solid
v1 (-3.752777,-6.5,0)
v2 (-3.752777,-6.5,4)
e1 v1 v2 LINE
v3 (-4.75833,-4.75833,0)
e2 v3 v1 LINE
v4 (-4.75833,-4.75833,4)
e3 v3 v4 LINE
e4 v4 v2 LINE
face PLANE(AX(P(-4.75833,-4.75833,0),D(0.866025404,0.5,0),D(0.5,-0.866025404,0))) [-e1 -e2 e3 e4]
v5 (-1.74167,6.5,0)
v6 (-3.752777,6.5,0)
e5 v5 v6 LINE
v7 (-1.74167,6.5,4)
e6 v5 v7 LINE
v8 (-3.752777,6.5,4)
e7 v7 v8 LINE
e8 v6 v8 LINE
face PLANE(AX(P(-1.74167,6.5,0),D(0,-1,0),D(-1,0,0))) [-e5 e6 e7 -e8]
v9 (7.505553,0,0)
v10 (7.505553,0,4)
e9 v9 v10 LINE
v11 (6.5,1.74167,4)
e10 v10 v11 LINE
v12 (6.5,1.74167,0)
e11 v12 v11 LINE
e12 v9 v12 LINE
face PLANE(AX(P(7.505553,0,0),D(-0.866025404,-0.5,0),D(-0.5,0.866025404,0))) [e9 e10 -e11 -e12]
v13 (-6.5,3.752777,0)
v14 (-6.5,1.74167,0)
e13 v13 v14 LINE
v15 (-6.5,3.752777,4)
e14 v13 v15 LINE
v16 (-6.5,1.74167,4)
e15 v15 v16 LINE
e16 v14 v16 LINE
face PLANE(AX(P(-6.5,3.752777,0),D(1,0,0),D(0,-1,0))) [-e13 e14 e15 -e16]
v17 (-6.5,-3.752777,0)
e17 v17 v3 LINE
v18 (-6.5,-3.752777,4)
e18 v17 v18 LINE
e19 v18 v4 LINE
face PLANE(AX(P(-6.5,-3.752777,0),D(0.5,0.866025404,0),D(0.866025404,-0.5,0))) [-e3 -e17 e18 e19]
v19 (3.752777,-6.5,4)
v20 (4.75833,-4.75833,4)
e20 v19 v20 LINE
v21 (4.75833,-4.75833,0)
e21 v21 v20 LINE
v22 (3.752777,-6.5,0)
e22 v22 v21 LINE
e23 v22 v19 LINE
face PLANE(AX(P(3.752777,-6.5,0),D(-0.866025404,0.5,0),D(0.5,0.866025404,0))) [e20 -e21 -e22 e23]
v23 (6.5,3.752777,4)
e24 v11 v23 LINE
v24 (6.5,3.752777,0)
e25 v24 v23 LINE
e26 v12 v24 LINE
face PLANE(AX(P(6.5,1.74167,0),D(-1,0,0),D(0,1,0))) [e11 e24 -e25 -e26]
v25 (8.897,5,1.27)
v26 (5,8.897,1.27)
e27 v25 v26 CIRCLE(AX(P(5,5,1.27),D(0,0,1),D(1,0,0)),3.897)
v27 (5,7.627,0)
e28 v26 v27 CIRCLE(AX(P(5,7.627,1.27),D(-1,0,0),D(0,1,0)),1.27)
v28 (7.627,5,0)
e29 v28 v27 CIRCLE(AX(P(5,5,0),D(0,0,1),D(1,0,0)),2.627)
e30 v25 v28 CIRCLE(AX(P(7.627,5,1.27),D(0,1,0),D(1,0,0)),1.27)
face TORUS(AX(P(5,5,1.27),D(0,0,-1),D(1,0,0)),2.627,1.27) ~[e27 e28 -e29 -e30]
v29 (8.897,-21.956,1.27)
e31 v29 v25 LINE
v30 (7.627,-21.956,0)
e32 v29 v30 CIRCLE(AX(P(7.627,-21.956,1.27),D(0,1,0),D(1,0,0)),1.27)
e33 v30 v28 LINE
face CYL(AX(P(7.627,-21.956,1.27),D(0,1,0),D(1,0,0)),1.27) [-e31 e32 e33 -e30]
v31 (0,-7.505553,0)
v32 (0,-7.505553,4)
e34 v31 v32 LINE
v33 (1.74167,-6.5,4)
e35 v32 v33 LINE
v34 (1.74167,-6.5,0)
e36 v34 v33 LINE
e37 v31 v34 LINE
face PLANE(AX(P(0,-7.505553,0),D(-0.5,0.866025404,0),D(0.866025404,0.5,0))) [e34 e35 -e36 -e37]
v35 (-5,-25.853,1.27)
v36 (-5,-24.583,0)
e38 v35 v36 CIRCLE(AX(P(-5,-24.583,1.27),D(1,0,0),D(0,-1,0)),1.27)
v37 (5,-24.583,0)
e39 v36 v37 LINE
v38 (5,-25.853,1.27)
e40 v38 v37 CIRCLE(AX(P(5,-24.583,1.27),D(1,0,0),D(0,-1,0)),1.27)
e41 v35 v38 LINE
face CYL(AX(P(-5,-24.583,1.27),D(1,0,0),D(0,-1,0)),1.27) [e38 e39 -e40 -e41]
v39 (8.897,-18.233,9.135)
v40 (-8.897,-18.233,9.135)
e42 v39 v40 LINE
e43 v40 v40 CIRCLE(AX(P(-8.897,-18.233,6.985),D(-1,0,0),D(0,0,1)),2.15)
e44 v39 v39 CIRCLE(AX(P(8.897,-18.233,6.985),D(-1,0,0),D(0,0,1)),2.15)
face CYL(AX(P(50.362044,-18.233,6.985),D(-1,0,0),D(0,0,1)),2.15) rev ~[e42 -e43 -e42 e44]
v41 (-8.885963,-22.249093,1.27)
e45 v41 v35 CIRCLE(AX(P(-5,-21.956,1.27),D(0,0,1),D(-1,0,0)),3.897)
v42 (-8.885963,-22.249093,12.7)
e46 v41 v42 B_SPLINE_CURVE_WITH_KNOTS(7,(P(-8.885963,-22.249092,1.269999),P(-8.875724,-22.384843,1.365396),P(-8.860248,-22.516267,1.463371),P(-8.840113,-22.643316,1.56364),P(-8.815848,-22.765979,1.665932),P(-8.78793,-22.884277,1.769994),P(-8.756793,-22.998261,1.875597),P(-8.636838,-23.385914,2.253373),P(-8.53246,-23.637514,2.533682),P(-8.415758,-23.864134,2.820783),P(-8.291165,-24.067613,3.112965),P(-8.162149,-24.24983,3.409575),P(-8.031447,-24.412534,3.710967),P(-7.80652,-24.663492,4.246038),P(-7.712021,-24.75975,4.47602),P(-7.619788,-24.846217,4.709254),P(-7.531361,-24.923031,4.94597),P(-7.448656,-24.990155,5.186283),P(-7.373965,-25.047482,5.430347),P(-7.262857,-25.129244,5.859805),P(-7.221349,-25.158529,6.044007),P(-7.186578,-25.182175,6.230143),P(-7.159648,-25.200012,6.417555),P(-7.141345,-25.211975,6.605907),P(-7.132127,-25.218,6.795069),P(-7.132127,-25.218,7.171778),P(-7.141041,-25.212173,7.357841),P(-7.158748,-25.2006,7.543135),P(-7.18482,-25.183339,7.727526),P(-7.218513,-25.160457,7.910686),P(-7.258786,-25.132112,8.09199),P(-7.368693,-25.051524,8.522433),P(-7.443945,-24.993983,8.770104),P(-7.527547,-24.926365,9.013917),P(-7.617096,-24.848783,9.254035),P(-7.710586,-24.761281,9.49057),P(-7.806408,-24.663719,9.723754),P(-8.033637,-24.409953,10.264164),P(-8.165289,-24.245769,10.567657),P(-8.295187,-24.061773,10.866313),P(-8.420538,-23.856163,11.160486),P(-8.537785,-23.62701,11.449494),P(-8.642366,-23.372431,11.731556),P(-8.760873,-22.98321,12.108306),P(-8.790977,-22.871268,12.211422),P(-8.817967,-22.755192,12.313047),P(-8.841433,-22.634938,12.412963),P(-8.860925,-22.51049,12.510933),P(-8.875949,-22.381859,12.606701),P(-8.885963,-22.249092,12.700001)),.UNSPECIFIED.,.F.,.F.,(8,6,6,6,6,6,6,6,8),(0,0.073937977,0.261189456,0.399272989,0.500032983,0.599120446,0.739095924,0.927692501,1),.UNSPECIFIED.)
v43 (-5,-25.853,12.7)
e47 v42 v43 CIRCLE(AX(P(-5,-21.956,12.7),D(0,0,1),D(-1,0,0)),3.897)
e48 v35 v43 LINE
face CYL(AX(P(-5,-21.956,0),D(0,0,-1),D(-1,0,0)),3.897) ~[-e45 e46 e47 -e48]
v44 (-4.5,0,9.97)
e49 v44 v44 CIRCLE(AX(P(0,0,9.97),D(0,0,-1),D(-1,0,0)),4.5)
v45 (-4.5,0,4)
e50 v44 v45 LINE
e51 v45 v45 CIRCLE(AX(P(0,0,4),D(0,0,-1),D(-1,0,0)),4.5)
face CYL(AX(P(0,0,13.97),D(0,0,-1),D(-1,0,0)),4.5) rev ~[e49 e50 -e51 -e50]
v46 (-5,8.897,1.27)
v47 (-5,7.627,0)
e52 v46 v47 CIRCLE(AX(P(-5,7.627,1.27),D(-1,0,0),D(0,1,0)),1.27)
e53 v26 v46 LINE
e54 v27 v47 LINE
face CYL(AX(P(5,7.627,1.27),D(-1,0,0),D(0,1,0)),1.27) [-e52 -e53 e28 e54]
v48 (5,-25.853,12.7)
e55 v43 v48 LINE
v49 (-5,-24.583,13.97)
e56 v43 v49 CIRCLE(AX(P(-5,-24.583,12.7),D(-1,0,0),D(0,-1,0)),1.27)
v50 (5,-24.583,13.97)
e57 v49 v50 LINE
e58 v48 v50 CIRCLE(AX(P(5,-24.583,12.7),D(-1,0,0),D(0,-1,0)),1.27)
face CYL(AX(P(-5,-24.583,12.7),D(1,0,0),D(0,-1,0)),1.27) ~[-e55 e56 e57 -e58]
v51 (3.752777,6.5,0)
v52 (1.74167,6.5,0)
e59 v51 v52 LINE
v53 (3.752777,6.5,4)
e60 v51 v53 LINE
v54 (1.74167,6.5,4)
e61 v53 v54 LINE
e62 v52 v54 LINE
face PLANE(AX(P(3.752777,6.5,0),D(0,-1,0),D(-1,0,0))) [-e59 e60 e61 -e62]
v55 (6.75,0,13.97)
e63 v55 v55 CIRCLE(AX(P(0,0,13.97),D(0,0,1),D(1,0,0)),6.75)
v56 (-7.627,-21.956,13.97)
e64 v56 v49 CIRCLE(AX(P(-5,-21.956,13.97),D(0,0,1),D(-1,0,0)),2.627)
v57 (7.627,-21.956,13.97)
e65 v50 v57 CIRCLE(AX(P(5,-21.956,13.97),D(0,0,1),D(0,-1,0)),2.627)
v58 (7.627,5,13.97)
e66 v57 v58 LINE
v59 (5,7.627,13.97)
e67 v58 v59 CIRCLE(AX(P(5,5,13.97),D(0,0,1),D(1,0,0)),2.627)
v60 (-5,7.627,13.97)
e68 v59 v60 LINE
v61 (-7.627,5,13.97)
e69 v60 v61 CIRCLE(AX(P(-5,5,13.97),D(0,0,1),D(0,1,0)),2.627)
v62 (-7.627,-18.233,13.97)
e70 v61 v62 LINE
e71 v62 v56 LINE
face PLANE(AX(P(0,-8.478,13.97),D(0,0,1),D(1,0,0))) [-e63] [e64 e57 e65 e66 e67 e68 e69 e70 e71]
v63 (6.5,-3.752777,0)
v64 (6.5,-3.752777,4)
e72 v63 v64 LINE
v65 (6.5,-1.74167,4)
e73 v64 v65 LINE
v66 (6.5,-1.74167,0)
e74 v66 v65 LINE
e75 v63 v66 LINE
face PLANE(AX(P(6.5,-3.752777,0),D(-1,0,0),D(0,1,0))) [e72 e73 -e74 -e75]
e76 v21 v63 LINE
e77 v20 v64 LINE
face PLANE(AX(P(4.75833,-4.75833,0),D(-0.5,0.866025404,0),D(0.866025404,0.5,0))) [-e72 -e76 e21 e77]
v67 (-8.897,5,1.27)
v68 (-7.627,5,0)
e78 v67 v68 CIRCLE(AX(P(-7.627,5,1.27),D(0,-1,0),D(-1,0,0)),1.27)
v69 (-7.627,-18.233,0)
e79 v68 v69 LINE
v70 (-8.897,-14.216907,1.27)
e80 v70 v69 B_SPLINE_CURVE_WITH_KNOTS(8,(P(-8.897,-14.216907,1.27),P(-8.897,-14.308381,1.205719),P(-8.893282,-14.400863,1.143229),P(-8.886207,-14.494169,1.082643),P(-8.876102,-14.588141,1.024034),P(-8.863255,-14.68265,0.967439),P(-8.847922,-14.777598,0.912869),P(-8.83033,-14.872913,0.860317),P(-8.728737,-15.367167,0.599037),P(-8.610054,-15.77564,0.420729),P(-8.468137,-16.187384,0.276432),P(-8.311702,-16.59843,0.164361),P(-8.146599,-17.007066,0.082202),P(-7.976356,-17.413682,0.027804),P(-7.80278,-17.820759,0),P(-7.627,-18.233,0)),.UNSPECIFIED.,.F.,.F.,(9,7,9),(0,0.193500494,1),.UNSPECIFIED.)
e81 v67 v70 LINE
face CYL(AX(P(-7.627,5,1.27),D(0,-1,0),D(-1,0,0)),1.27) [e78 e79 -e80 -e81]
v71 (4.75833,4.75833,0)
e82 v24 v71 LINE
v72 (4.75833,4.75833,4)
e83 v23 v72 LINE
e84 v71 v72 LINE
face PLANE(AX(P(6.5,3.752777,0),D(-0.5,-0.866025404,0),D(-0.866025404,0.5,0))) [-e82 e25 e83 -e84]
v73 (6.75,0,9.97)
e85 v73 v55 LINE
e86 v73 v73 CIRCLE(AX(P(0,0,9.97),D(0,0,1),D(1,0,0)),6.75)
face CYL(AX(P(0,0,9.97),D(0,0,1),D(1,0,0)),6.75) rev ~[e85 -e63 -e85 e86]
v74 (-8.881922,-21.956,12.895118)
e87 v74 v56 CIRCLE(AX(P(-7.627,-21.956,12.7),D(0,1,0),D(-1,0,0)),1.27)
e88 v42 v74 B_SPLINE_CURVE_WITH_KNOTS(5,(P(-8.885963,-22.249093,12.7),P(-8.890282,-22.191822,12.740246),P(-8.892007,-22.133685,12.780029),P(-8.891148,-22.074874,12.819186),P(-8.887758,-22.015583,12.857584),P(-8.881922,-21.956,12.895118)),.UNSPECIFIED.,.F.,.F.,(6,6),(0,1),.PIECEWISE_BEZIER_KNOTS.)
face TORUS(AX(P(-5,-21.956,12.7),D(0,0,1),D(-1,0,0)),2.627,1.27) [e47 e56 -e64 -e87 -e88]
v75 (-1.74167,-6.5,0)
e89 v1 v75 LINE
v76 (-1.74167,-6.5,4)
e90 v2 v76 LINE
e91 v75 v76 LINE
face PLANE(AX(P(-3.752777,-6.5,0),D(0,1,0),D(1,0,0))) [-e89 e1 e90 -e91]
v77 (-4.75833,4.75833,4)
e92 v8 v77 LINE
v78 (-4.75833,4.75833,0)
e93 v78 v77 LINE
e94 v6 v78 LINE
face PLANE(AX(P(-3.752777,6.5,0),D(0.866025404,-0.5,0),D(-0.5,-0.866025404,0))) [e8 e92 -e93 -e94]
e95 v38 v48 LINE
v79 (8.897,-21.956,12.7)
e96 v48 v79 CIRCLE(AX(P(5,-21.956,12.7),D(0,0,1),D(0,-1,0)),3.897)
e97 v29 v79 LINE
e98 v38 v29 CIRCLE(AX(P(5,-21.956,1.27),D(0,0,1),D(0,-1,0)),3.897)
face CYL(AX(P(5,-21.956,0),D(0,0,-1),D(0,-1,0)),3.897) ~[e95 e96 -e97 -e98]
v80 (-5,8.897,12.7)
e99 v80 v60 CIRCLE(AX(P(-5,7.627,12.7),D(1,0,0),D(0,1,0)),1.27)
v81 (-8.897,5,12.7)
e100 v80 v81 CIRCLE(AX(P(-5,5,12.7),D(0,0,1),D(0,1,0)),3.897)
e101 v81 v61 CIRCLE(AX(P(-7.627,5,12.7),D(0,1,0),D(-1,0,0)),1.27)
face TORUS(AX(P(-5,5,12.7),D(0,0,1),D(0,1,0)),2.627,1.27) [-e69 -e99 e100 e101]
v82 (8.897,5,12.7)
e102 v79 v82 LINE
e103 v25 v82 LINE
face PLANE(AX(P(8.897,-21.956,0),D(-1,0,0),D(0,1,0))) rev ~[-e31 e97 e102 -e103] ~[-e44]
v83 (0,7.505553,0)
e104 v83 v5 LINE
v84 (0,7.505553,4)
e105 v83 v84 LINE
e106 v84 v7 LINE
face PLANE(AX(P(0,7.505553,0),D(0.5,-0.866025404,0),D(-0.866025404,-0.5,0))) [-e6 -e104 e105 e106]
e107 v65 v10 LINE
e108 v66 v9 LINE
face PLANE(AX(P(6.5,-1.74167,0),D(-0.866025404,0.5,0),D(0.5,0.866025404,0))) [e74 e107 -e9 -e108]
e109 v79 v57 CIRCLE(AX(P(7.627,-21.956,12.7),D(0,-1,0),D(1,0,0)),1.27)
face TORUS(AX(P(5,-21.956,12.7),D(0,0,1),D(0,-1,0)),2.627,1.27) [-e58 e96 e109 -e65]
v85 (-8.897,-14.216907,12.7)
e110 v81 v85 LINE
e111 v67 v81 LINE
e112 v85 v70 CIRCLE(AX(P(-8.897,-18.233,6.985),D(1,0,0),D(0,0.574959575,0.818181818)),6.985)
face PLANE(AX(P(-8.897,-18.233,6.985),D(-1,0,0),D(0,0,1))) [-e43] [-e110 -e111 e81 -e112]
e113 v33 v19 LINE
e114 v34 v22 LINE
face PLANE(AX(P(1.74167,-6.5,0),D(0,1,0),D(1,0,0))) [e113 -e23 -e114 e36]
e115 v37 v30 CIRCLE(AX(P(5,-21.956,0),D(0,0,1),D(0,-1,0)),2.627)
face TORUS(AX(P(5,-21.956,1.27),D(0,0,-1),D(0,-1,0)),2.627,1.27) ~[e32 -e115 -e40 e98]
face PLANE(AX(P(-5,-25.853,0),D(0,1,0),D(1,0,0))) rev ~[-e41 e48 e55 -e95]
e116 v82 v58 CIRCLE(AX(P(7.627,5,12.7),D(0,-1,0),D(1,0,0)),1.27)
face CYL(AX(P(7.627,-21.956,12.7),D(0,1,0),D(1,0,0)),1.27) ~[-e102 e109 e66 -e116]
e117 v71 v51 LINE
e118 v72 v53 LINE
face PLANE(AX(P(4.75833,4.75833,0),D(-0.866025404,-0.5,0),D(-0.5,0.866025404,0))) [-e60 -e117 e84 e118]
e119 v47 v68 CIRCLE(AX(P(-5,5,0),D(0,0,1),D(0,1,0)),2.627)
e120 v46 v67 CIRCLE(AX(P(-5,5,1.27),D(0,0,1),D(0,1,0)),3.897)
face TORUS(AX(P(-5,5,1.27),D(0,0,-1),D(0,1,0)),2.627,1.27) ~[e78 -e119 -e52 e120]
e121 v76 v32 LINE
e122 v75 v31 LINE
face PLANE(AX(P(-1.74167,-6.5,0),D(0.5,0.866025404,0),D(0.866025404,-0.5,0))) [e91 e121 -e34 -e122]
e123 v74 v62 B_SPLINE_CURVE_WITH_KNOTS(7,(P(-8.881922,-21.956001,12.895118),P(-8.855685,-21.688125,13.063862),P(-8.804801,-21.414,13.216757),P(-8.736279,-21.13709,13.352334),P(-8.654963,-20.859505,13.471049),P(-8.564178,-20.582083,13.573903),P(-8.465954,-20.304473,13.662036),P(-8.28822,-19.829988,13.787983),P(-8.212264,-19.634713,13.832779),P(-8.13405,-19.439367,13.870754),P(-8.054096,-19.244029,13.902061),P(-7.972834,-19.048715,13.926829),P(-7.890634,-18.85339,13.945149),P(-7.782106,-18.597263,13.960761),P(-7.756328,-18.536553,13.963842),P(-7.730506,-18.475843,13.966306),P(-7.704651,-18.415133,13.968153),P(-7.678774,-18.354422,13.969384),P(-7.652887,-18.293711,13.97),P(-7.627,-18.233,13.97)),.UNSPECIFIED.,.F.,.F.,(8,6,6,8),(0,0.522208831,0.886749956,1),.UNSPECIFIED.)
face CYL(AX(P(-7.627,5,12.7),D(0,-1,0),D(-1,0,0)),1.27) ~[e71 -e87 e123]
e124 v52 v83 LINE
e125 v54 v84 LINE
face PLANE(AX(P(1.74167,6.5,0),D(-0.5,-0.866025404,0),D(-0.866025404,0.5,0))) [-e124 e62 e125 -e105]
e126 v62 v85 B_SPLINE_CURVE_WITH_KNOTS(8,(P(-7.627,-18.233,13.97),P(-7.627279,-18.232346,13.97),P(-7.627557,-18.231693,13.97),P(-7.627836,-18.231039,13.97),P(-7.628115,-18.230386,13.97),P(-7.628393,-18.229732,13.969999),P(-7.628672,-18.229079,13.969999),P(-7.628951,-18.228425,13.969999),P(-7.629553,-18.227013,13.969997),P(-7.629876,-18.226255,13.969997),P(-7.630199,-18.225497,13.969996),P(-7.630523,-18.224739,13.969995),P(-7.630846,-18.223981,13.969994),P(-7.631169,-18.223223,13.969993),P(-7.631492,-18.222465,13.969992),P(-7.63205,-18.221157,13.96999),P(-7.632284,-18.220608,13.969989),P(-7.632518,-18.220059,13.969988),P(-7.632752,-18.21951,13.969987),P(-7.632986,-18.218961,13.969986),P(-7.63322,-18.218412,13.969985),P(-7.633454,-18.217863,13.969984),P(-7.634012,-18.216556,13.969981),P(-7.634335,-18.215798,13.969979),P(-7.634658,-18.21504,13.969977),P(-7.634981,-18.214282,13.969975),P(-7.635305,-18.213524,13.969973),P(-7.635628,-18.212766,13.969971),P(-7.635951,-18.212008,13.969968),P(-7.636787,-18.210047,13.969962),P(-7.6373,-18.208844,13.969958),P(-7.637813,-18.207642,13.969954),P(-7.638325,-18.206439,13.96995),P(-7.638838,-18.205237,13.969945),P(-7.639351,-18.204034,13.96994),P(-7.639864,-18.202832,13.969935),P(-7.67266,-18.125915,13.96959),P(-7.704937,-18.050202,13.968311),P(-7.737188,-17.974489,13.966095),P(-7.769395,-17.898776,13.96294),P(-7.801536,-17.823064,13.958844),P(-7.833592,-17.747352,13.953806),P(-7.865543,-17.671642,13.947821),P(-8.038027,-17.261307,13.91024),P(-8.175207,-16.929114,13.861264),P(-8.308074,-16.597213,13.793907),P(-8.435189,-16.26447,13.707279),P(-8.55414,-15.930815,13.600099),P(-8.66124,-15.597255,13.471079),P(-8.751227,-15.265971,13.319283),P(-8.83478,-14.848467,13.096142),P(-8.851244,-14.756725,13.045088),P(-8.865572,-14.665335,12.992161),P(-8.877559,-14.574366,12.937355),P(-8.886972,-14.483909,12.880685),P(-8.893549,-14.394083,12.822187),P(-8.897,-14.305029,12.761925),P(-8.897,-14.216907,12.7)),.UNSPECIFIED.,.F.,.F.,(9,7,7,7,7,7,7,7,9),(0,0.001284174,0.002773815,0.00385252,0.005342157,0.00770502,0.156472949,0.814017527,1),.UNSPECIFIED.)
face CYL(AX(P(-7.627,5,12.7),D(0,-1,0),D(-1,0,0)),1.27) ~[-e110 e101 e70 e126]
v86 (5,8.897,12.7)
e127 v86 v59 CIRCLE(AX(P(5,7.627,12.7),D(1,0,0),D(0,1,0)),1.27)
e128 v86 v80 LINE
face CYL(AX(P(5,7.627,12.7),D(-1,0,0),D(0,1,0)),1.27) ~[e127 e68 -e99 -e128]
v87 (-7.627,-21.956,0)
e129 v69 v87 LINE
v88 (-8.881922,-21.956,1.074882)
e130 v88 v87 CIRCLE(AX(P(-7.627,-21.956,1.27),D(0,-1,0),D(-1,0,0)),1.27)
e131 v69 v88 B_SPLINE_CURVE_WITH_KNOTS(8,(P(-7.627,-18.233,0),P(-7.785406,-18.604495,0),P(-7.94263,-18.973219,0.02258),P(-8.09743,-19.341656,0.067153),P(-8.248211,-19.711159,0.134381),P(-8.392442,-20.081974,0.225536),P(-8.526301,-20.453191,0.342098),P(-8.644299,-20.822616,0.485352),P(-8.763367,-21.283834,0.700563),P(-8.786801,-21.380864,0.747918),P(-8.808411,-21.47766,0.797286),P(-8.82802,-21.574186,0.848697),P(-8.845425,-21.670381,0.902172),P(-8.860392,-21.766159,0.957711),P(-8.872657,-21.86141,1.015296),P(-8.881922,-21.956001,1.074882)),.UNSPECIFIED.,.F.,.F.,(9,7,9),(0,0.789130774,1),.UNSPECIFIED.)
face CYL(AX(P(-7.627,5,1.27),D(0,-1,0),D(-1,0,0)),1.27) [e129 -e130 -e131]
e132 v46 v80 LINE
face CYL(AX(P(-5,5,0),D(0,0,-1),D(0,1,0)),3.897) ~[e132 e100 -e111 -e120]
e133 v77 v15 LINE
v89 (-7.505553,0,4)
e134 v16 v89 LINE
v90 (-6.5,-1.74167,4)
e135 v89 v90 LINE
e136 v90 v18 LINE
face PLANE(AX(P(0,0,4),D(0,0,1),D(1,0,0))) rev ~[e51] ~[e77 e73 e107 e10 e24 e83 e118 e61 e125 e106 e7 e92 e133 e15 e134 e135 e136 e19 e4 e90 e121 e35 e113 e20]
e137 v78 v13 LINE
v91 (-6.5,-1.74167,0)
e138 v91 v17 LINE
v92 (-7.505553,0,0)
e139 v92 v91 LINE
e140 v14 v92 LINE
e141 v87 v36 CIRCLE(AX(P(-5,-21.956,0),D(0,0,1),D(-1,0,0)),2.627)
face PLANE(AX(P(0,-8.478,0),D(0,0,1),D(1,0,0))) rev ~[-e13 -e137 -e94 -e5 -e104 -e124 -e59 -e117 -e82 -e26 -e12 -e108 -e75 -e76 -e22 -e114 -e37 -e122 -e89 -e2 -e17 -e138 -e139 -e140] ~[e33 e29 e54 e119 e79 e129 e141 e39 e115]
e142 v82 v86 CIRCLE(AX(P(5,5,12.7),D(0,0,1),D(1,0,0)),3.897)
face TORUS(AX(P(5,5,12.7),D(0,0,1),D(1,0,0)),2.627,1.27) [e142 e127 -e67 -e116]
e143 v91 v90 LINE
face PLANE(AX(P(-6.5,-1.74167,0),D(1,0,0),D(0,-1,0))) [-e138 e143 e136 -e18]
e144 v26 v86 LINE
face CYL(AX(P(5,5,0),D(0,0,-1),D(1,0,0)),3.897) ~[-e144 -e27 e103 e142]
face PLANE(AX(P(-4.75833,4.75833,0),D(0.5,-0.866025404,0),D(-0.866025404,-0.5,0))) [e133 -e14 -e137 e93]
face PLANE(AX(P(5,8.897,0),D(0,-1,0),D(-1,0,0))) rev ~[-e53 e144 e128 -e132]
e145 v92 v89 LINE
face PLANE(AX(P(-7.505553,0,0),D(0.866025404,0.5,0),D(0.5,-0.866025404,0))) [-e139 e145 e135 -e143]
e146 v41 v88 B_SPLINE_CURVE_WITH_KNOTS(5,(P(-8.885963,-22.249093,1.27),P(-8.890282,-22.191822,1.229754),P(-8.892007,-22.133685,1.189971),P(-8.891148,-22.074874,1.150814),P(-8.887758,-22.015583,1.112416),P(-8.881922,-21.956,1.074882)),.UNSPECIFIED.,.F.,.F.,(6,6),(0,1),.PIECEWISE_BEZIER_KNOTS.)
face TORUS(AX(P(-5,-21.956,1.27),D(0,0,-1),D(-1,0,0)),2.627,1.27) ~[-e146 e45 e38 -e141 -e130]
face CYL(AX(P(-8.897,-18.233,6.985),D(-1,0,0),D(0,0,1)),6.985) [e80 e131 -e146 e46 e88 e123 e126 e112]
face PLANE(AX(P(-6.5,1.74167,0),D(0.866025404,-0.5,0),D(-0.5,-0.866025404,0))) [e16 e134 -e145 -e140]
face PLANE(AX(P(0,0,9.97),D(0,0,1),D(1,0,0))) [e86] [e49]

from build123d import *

# Parameters (mm, degrees)
BOSS_EXTRUDE1_DEPTH            = 13.97
FILLET1_R                      = 1.27
CBORE_FOR_M8_SHCS1_D           = 9
CBORE_FOR_M8_SHCS1_CBORE_D     = 13.5
CBORE_FOR_M8_SHCS1_CBORE_DEPTH = 4
M4_CLEARANCE_HOLE1_D           = 4.3
SKETCH6_R                      = 4.5
CUT_EXTRUDE1_DEPTH             = 4
BOSS_EXTRUDE3_REACH            = 19.794
SKETCH9_R                      = 6.985
SKETCH9_R_2                    = 2.15


with BuildPart() as part:
    # Sketch1 → Boss-Extrude1 (new body)
    with BuildSketch(Plane.XY):
        with BuildLine():
            Line((-8.897, -5), (-8.897, -21.956))
            ThreePointArc((-8.897, -21.956), (-7.755595126, -24.711595126), (-5, -25.853))
            Line((-5, -25.853), (5, -25.853))
            ThreePointArc((5, -25.853), (7.755595126, -24.711595126), (8.897, -21.956))
            Line((8.897, -21.956), (8.897, -5))
            Line((8.897, -5), (8.897, 5))
            ThreePointArc((8.897, 5), (7.755595126, 7.755595126), (5, 8.897))
            Line((5, 8.897), (-5, 8.897))
            ThreePointArc((-5, 8.897), (-7.755595126, 7.755595126), (-8.897, 5))
            Line((-8.897, 5), (-8.897, -5))
        make_face()
    extrude(amount=BOSS_EXTRUDE1_DEPTH)

    # Fillet1
    fillet1_edges = [part.edges().sort_by_distance(p)[0] for p in [
        (-7.755595126, -24.711595126, 13.97),
        (7.755595126, 7.755595126, 0),
        (8.897, -8.478, 0),
        (7.755595126, -24.711595126, 0),
        (0, -25.853, 0),
        (-7.755595126, -24.711595126, 0),
        (-8.897, -8.478, 0),
        (0, -25.853, 13.97),
        (7.755595126, -24.711595126, 13.97),
        (8.897, -8.478, 13.97),
        (7.755595126, 7.755595126, 13.97),
        (0, 8.897, 13.97),
        (-7.755595126, 7.755595126, 13.97),
        (-8.897, -8.478, 13.97),
        (-7.755595126, 7.755595126, 0),
        (0, 8.897, 0),
    ]]
    fillet(fillet1_edges, radius=FILLET1_R)

    # CBORE for M8 SHCS1 (through all)
    with Locations(Plane.XY.offset(13.97)):
        with Locations((0, 0)):
            CounterBoreHole(CBORE_FOR_M8_SHCS1_D / 2, CBORE_FOR_M8_SHCS1_CBORE_D / 2, CBORE_FOR_M8_SHCS1_CBORE_DEPTH)

    # M4 Clearance Hole1 (through all)
    with Locations(Plane(origin=(8.897, 0, 0), x_dir=(0, 0, -1), z_dir=(1, 0, 0))):
        with Locations((-6.985, -18.233)):
            Hole(M4_CLEARANCE_HOLE1_D / 2)

    # Sketch6 → Cut-Extrude1 (cut)
    with BuildSketch(Plane.XY):
        Circle(SKETCH6_R)
        Polygon((-3.75277675, 6.5), (-7.505553499, 0), (-3.75277675, -6.5), (3.75277675, -6.5), (7.505553499, 0), (3.75277675, 6.5), align=None)
        Polygon((-3.25, 5.629165125), (-6.5, 3.75277675), (-6.5, 0), (-6.5, -3.75277675), (-3.25, -5.629165125), (0, -7.505553499), (3.25, -5.629165125), (6.5, -3.75277675), (6.5, 0), (6.5, 3.75277675), (3.25, 5.629165125), (0, 7.505553499), align=None)
        Polygon((6.5, 3.75277675), (4.758330249, 4.758330249), (6.5, 1.741669751), align=None)
        Polygon((6.5, -3.75277675), (6.5, -1.741669751), (4.758330249, -4.758330249), align=None)
        Polygon((3.75277675, -6.5), (4.758330249, -4.758330249), (3.25, -5.629165125), (1.741669751, -6.5), align=None)
        Polygon((1.741669751, 6.5), (3.25, 5.629165125), (4.758330249, 4.758330249), (3.75277675, 6.5), align=None)
        Polygon((-6.5, 1.741669751), (-4.758330249, 4.758330249), (-6.5, 3.75277675), align=None)
        Polygon((-4.758330249, -4.758330249), (-6.5, -1.741669751), (-6.5, -3.75277675), align=None)
        Polygon((-3.25, -5.629165125), (-4.758330249, -4.758330249), (-3.75277675, -6.5), (-1.741669751, -6.5), align=None)
        Polygon((0, -7.505553499), (1.741669751, -6.5), (-1.741669751, -6.5), align=None)
        Polygon((-3.25, 5.629165125), (-1.741669751, 6.5), (-3.75277675, 6.5), (-4.758330249, 4.758330249), align=None)
        Polygon((7.505553499, 0), (6.5, 1.741669751), (6.5, 0), (6.5, -1.741669751), align=None)
        Polygon((-1.741669751, 6.5), (1.741669751, 6.5), (0, 7.505553499), align=None)
        Polygon((-6.5, 0), (-6.5, 1.741669751), (-7.505553499, 0), (-6.5, -1.741669751), align=None)
    extrude(amount=CUT_EXTRUDE1_DEPTH, mode=Mode.SUBTRACT)

    # Sketch9 → Boss-Extrude3 (add, up to next)
    with BuildSketch(Plane.ZY.offset(8.897), mode=Mode.PRIVATE) as boss_extrude3_sk1:
        with Locations((6.985, -18.233)):
            Circle(SKETCH9_R)
        with Locations((6.985, -18.233)):
            Circle(SKETCH9_R_2, mode=Mode.SUBTRACT)
    boss_extrude3_tool1 = extrude(boss_extrude3_sk1.sketch, amount=-BOSS_EXTRUDE3_REACH, mode=Mode.PRIVATE) - part.part
    add(boss_extrude3_tool1.solids().sort_by_distance((-8.897, -18.233, 0.197566))[0])


solid = part.part
